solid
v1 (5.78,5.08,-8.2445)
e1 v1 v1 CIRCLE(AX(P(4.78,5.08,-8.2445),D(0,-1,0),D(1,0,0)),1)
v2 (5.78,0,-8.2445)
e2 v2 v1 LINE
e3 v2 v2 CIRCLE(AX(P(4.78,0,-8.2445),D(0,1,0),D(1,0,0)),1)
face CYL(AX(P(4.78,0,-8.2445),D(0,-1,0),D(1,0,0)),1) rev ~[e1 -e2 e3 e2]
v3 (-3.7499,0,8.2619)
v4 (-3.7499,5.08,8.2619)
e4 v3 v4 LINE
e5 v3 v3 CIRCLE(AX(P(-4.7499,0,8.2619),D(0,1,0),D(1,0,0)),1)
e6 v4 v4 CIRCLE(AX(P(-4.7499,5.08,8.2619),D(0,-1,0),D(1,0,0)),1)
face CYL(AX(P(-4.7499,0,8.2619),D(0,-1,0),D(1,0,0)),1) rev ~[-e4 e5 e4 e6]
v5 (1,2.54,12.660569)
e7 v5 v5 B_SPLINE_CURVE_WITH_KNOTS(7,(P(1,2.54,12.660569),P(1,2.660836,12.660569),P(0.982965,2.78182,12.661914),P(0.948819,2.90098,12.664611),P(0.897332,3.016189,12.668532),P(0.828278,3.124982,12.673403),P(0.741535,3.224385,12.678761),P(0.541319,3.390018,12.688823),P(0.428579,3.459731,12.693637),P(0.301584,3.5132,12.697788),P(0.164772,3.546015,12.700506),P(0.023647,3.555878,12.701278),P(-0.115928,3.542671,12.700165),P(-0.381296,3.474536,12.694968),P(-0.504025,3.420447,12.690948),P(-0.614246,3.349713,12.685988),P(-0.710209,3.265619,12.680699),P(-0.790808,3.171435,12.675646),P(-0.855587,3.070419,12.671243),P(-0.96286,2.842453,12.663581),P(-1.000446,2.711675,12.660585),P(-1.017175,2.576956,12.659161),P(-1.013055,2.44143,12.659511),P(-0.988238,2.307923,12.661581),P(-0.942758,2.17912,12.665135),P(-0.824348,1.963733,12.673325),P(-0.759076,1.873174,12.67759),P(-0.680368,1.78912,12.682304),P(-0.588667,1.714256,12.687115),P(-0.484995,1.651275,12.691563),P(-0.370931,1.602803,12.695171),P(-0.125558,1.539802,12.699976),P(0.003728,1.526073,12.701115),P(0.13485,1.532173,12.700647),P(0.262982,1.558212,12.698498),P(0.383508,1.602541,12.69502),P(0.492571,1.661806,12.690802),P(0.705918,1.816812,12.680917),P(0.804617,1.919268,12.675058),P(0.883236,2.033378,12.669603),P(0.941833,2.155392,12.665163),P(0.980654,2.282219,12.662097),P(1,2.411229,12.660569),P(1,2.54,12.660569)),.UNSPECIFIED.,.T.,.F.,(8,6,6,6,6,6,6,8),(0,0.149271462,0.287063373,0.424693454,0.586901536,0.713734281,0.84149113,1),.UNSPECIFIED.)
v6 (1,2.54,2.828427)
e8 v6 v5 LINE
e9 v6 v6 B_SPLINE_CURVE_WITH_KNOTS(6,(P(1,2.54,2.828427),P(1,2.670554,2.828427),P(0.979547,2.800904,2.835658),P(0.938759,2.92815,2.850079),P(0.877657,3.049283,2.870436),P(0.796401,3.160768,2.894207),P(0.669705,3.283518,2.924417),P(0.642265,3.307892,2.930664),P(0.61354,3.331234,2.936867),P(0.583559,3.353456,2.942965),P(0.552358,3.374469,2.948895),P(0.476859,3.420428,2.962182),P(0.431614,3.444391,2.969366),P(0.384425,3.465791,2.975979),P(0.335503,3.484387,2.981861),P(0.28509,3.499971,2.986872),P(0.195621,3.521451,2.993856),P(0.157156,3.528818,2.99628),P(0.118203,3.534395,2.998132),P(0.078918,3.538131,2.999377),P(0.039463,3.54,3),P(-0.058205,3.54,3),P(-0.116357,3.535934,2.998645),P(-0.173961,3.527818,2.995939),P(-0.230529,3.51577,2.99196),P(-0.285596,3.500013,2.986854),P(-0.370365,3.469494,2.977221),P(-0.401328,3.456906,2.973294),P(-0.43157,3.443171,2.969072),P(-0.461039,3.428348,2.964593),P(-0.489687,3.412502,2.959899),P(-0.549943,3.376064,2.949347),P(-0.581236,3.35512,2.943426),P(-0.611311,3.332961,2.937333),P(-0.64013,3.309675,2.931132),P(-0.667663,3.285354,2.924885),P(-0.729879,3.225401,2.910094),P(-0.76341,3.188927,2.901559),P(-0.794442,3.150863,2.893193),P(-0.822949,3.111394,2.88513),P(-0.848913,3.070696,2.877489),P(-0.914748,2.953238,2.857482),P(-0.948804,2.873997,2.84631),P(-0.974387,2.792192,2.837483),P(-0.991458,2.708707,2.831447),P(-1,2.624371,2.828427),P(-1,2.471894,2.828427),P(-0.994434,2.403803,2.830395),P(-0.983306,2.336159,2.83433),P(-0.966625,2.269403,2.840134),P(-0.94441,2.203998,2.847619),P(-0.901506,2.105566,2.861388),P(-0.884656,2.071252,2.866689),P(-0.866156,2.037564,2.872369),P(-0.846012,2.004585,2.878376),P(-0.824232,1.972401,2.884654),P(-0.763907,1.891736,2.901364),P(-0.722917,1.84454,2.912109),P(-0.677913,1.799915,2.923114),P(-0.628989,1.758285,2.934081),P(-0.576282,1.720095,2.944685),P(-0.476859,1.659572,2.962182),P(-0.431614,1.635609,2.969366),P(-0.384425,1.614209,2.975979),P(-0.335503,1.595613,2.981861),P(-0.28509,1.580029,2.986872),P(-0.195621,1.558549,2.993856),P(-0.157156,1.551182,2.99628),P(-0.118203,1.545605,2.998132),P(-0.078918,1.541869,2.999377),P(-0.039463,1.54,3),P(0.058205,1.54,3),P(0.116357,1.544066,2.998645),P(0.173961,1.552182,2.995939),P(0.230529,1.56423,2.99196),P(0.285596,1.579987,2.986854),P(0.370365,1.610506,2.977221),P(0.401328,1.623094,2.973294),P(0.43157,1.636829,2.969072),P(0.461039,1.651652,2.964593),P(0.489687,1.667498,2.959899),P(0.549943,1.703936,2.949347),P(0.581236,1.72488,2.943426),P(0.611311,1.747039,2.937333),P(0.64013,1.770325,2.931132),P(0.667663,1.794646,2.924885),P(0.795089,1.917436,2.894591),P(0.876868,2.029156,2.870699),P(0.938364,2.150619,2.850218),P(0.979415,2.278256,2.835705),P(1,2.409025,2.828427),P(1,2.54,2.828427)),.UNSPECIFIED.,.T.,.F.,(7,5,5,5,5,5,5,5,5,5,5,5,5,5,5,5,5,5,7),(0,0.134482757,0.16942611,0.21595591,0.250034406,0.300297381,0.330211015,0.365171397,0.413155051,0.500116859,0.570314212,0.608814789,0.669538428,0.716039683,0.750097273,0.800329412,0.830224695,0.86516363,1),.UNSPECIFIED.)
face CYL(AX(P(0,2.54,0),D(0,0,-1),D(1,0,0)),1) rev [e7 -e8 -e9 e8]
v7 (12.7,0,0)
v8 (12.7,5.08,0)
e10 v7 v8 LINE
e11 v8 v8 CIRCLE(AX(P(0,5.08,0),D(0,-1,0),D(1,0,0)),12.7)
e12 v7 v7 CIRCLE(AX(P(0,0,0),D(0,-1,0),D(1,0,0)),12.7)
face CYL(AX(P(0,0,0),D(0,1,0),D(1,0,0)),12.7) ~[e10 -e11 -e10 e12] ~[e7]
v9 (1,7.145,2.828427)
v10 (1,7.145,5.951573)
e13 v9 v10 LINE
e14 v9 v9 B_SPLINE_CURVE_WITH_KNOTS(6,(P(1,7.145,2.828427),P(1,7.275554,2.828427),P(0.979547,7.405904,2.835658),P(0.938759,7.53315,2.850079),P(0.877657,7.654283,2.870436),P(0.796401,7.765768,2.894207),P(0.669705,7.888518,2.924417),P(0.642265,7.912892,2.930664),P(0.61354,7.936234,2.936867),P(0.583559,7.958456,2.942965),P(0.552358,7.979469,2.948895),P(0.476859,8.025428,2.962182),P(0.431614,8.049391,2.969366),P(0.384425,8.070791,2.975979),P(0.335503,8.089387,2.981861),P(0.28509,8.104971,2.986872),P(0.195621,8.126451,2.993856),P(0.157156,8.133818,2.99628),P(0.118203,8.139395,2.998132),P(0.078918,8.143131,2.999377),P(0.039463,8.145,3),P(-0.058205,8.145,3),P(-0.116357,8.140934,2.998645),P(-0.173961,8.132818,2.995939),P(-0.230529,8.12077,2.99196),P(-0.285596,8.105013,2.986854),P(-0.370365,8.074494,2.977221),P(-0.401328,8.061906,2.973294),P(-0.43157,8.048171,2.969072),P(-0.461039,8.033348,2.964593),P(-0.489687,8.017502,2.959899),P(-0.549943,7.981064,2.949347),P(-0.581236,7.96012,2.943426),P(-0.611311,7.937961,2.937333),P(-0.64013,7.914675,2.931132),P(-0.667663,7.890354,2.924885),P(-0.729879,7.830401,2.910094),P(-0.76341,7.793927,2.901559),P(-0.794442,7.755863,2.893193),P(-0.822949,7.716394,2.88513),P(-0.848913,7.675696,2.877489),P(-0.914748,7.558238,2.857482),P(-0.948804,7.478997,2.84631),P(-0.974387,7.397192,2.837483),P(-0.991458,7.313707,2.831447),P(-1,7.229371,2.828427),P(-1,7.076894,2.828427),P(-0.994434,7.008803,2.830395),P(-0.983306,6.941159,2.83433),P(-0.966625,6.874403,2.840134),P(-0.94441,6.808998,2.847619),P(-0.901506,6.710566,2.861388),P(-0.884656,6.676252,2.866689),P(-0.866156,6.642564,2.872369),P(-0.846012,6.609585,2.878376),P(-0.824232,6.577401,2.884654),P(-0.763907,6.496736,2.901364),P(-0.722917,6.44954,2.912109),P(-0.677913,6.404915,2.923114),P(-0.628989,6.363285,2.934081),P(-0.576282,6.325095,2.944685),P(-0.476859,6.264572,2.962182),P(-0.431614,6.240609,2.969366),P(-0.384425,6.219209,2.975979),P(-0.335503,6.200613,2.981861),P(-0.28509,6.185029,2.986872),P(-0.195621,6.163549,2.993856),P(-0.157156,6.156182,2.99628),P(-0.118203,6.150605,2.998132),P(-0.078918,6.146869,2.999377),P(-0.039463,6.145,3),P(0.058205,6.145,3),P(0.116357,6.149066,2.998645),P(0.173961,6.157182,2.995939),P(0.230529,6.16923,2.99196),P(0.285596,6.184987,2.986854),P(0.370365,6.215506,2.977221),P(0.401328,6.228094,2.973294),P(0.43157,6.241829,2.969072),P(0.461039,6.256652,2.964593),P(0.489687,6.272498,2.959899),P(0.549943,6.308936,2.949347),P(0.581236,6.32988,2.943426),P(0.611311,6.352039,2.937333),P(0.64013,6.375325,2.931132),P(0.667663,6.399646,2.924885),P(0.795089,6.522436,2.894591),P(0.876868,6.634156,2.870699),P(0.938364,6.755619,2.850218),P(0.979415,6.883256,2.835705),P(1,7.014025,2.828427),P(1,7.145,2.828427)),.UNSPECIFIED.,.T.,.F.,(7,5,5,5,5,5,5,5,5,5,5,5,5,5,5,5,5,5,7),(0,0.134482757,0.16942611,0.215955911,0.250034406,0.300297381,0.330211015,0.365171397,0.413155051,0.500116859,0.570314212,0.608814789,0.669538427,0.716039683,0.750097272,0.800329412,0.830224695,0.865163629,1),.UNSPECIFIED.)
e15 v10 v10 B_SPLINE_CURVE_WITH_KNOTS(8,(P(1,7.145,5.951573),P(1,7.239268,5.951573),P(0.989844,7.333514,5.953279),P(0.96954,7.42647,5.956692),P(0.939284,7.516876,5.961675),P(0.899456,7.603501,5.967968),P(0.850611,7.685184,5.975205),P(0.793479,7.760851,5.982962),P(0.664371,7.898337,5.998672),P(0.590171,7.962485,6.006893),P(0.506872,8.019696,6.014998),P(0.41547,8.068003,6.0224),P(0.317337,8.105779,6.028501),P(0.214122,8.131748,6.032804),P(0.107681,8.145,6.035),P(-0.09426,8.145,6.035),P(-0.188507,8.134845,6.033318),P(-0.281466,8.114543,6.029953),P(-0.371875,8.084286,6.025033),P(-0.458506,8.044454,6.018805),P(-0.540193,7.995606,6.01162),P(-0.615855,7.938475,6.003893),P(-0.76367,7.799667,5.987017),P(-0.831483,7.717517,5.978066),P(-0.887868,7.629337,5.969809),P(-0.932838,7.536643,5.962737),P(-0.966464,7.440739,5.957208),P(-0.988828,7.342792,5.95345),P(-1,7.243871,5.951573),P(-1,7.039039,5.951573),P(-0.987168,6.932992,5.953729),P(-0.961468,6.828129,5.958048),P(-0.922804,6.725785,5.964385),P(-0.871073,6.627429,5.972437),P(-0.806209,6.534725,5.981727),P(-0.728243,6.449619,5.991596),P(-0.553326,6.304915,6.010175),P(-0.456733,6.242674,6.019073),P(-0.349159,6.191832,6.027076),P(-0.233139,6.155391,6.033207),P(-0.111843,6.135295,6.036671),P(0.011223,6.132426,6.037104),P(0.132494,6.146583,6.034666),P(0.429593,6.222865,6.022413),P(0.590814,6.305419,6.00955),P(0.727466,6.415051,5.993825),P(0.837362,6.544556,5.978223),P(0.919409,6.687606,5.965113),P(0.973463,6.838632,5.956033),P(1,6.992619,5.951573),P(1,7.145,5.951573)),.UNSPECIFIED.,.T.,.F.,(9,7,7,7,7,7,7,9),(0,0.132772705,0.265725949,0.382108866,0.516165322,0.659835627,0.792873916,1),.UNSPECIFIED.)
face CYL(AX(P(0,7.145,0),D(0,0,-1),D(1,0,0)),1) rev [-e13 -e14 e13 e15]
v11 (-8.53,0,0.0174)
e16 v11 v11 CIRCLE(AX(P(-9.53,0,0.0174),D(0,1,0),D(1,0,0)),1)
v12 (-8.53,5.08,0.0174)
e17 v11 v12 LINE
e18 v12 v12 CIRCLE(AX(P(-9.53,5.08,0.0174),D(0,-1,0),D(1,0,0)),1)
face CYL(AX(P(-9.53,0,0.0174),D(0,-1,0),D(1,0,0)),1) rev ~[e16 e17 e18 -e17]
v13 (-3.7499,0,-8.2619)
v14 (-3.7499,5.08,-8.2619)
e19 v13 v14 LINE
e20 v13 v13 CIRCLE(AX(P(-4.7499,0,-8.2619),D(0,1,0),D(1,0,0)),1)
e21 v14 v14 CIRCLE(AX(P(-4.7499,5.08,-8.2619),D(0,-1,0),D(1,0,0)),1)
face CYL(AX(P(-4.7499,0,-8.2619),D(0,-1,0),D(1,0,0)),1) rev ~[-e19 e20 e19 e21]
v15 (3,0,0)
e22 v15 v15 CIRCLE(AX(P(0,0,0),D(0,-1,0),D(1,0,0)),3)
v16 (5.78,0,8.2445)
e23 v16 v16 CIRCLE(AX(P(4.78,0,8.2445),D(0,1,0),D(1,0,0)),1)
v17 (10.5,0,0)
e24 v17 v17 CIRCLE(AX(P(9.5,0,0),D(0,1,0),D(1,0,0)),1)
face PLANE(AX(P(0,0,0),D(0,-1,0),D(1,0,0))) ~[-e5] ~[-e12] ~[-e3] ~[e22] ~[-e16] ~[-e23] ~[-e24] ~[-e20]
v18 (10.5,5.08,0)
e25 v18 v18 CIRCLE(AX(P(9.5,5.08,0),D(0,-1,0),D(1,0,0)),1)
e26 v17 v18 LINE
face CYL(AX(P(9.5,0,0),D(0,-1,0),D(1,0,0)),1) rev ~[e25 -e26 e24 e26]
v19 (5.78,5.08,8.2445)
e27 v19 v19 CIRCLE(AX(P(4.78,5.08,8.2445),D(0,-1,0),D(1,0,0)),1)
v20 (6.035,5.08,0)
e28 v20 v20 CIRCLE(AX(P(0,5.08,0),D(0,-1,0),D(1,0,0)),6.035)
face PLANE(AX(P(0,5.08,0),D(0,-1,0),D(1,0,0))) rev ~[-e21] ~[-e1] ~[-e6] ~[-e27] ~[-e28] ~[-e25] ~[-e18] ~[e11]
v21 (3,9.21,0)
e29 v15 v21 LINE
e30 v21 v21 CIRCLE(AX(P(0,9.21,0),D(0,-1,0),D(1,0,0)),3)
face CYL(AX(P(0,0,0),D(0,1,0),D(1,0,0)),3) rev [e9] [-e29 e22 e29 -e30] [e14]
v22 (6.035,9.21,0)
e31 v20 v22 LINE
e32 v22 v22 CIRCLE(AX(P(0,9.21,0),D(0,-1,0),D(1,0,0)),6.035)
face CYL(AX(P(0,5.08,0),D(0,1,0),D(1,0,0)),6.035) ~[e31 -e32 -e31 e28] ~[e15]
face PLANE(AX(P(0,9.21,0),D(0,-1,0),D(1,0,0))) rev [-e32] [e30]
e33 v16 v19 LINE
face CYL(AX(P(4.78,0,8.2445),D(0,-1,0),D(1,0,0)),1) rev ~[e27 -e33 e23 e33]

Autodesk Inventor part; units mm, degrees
ref_plane "YZ Plane" through (0, 0, 0) normal (1, 0, 0) x (0, 1, 0)
ref_plane "XZ Plane" through (0, 0, 0) normal (0, 1, 0) x (-1, 0, 0)
ref_plane "XY Plane" through (0, 0, 0) normal (0, 0, 1) x (1, 0, 0)
sketch "Boceto1" plane through (0, 0, 0) normal (0, 0, 1) x (1, 0, 0)
  line L0 (3, 9.21) -> (6.035, 9.21)
  line L1 (3, 0) -> (12.7, 0)
  line L2 (12.7, 0) -> (12.7, 5.08)
  line L3 (12.7, 5.08) -> (6.035, 5.08)
  line L4 (6.035, 5.08) -> (6.035, 9.21)
  line L5 (3, 0) -> (3, 9.21)
  circle A0 centre (0, 2.54) radius 1
  circle A1 centre (0, 7.145) radius 1
  line L6 (0, 7.145) -> (0, 2.54)
revolve "Revolución1" add sketch "Boceto1" angle 360 about axis through (0, 7.145, 0) along (0, -1, 0) contours L0 L4 L3 L2 L1 L5
extrude "Extrusión1" cut sketch "Boceto1" along normal blind 111 contours A0 | A1
sketch "Boceto2" plane through (0, 0, 0) normal (0, -1, 0) x (1, 0, 0)
  circle A0 centre (0, 0) radius 12.7 projected
  circle A1 centre (0, 0) radius 9.53
  line L0 (8, 0) -> (11, 0)
  circle A2 centre (9.5, 0) radius 1
  circle A3 centre (4.78, -8.2445) radius 1
  circle A4 centre (-4.7499, -8.2619) radius 1
  circle A5 centre (-9.53, 0.0174) radius 1
  circle A6 centre (-4.7499, 8.2619) radius 1
  circle A7 centre (4.78, 8.2445) radius 1
  dimension "d8" = 2
  dimension "d9" = 2
  dimension "d10" = 2
  dimension "d11" = 2
  dimension "d12" = 2
  dimension "d13" = 2
extrude "Extrusión2" cut sketch "Boceto2" against normal blind 12 contours L0 A2 A1 | L0 A2 A1 | A1 A2 L0 | A1 A2 L0 | A7 A1 | A1 A7 | A3 A1 | A1 A3 | A6 A1 | A1 A6 | A4 A1 | A1 A4 | A5 A1 | A1 A5
sketch "Boceto3" plane through (0, 0, 0) normal (0, -1, 0) x (1, 0, 0)
  circle A0 centre (9.5, 0) radius 1 projected
  circle A1 centre (4.78, -8.2445) radius 1 projected
  circle A2 centre (-4.7499, -8.2619) radius 1 projected
  circle A3 centre (-9.53, 0.0174) radius 1 projected
  circle A4 centre (-4.7499, 8.2619) radius 1 projected
  circle A5 centre (4.78, 8.2445) radius 1 projected
  circle A6 centre (0, 0) radius 3 projected
  circle A7 centre (0, 0) radius 12.7 projected
properties part number "Universal Mounting"
